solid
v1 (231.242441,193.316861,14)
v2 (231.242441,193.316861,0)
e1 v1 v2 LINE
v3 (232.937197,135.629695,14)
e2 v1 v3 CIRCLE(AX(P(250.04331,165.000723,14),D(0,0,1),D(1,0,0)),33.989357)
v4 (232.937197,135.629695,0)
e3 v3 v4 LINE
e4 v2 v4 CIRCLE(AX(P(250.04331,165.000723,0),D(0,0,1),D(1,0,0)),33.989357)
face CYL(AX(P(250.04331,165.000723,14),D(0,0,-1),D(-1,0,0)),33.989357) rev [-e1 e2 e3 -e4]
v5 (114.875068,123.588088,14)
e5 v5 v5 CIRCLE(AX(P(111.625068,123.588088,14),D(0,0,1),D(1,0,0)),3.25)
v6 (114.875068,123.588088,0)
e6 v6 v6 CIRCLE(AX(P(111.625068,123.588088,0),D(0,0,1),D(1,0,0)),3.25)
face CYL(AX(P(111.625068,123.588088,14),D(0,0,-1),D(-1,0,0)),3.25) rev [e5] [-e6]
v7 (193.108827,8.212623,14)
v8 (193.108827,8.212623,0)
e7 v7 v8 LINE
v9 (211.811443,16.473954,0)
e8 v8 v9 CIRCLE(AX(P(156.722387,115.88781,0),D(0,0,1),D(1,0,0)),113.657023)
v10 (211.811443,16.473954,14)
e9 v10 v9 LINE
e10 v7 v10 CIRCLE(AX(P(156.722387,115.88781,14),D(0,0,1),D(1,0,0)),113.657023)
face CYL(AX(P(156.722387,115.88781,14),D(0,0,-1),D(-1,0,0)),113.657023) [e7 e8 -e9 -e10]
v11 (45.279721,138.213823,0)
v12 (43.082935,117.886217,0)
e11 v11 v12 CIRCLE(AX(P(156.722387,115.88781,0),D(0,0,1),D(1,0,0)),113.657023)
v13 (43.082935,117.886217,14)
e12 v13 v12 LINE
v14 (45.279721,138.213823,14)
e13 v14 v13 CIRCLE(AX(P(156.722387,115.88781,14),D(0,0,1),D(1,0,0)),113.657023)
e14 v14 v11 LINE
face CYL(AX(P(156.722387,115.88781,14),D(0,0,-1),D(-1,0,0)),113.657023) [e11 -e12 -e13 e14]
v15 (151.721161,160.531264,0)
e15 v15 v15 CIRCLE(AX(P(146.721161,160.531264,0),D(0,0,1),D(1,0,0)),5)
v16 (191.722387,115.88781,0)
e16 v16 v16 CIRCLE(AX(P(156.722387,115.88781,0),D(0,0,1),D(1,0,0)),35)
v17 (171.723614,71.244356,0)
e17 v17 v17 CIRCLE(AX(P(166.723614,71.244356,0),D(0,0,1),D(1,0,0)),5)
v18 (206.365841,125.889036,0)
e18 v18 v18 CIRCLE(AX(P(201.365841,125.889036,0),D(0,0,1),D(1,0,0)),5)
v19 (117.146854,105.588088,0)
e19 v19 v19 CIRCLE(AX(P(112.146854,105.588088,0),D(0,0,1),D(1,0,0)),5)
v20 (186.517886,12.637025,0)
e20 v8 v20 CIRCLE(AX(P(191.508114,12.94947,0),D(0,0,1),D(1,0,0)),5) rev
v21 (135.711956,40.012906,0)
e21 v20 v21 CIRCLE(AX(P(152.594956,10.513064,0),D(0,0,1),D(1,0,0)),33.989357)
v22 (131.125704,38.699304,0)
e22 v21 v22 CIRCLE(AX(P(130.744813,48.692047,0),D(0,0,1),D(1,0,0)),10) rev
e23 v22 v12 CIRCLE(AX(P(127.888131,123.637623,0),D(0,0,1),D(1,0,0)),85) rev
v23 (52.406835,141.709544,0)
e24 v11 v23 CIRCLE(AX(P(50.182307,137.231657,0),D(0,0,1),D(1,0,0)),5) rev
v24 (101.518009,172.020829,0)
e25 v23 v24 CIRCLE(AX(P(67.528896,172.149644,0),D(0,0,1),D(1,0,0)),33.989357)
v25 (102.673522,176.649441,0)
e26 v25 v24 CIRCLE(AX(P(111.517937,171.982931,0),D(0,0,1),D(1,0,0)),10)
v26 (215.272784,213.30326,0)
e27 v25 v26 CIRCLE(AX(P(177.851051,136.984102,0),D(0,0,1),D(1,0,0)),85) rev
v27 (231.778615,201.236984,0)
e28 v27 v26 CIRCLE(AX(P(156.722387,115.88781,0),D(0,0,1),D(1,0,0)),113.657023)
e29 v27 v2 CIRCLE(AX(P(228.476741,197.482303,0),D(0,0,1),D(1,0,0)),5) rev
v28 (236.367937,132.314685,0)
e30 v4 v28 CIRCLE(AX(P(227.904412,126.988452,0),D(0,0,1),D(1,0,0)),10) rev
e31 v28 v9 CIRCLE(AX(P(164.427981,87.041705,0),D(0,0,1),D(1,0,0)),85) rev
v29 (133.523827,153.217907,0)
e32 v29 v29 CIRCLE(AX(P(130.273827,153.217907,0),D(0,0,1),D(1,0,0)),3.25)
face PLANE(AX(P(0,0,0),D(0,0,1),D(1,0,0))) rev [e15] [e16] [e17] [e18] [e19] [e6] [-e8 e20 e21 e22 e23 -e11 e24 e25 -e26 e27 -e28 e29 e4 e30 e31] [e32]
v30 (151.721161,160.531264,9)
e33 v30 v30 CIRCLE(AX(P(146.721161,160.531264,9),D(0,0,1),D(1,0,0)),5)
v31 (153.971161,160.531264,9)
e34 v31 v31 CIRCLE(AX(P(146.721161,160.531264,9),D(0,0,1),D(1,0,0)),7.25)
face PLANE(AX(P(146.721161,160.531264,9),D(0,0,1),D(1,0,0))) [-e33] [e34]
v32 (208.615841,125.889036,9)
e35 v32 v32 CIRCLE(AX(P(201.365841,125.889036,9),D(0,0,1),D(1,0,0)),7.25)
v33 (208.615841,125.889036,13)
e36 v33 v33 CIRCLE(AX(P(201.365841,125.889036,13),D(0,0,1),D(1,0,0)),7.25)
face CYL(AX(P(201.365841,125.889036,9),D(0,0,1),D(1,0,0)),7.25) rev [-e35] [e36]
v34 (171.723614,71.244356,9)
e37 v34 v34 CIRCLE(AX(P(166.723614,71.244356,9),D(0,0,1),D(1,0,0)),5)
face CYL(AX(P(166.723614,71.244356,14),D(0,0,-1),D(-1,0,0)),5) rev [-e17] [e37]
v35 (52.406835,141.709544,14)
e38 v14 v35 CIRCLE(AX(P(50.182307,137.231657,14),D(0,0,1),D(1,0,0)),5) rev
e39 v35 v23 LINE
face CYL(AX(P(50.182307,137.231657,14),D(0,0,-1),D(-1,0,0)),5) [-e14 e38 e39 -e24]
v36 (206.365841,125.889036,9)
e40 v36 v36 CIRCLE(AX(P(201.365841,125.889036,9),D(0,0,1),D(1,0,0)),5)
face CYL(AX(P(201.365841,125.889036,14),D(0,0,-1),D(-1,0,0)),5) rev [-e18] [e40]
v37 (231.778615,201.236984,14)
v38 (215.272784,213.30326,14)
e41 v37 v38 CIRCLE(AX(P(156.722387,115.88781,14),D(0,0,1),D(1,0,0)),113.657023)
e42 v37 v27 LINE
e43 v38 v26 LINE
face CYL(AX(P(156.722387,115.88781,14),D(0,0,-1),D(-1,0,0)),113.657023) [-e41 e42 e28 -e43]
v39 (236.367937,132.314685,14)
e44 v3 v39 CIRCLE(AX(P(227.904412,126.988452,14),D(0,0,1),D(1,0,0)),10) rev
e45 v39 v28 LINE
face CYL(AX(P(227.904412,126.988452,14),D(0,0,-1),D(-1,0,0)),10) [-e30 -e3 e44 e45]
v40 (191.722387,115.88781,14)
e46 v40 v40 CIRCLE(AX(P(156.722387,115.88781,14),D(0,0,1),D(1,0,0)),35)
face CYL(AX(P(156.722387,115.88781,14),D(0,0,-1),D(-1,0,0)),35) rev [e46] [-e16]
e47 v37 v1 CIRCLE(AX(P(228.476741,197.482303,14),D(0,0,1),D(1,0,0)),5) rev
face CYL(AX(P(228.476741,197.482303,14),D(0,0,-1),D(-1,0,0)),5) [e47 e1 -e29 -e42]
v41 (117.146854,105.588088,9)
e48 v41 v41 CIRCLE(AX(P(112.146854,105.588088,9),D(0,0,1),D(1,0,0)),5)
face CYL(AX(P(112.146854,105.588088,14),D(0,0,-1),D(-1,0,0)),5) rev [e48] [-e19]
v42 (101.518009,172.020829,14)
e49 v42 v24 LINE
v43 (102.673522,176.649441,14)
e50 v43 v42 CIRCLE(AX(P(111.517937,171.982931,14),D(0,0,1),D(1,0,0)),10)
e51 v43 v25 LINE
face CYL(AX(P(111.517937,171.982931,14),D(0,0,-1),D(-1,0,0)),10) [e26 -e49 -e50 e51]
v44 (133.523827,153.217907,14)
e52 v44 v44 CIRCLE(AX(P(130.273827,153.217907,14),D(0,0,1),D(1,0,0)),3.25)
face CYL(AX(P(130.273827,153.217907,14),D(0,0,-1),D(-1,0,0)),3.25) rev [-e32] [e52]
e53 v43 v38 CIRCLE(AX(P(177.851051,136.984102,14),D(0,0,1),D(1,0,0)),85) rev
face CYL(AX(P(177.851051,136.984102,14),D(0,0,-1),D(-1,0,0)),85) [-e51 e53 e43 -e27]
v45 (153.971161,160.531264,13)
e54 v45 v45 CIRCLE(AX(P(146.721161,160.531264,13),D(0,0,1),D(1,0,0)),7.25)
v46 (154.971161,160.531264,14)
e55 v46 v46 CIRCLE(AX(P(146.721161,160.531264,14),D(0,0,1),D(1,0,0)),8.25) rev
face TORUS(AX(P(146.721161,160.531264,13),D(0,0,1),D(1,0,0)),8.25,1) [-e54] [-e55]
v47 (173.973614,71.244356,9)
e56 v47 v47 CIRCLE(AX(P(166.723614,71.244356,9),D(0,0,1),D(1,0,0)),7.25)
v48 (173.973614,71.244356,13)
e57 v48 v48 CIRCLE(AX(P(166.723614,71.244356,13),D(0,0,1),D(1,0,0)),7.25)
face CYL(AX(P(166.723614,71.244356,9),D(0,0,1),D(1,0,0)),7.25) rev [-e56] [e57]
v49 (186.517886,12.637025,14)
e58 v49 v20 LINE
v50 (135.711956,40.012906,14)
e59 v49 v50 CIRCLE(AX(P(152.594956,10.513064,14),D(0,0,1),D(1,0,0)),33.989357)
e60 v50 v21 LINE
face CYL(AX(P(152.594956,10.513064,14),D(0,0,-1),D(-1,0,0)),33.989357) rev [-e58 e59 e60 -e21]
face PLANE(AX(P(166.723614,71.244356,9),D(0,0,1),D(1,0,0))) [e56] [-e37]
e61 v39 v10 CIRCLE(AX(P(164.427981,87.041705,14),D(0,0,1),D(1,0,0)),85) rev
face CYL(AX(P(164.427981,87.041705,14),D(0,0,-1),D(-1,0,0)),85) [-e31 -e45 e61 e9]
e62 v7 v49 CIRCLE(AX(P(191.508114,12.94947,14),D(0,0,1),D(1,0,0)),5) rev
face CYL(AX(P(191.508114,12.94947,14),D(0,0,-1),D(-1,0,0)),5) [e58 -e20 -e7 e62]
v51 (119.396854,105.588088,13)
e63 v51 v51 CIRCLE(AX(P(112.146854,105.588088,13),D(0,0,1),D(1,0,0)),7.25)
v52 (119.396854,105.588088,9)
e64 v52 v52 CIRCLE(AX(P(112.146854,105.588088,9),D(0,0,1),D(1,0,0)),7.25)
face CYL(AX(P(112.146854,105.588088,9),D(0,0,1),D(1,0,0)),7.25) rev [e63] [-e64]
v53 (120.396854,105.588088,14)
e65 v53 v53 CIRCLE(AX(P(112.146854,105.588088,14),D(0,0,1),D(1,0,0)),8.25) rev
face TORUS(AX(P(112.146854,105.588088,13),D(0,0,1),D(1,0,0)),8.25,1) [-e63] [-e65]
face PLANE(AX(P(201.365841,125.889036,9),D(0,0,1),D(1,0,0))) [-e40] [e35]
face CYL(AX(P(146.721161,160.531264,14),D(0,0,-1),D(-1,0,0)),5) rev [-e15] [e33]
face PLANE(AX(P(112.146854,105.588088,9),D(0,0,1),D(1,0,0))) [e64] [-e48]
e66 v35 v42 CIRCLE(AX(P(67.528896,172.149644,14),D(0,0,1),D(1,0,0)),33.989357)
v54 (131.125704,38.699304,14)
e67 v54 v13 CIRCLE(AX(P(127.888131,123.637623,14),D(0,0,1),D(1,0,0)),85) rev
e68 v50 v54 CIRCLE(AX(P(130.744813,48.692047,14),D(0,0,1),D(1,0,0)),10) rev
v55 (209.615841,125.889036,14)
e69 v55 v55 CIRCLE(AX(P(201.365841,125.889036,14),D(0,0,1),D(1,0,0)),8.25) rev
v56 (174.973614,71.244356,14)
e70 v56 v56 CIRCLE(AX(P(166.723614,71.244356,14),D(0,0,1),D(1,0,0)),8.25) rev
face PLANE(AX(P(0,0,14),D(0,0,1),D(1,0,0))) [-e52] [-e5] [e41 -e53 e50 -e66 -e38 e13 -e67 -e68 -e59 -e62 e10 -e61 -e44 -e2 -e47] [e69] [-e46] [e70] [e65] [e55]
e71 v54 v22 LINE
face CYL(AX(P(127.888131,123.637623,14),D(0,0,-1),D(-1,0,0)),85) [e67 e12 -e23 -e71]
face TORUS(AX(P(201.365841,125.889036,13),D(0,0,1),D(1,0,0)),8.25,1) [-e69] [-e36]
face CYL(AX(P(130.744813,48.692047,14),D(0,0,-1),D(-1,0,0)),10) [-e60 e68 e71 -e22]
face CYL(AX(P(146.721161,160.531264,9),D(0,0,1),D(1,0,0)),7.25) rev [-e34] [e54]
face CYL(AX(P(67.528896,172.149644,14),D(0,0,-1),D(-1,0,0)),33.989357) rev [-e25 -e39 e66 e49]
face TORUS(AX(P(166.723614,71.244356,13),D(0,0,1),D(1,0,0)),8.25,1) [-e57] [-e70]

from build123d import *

# Parameters (mm, degrees)
SKETCH4_R             = 3.25
SKETCH4_R_2           = 5
SKETCH4_R_3           = 35
BOSS_EXTRUDE2_DEPTH   = 14
ESBO_O3_R             = 7.25
CORTE_EXTRUS_O1_DEPTH = 5
FILETE2_R             = 1


with BuildPart() as part:
    # Sketch4 → Boss-Extrude2 (new body)
    with BuildSketch(Plane.XY):
        with BuildLine():
            ThreePointArc((135.711956254, 40.012906067), (133.498311811, 39.078606258), (131.125704093, 38.699303642))
            ThreePointArc((131.125704093, 38.699303642), (71.046587381, 60.439214017), (43.082934706, 117.886216524))
            ThreePointArc((43.082934706, 117.886216524), (43.723303204, 128.09951793), (45.279720546, 138.213822774))
            ThreePointArc((45.279720546, 138.213822774), (47.980485983, 141.720753121), (52.406835354, 141.709543754))
            ThreePointArc((52.406835354, 141.709543754), (85.380644245, 143.225752695), (101.518008582, 172.020829263))
            ThreePointArc((101.518008582, 172.020829263), (101.815703435, 174.405051491), (102.673521593, 176.649441355))
            ThreePointArc((102.673521593, 176.649441355), (151.540394609, 217.809527477), (215.272784489, 213.303259824))
            ThreePointArc((215.272784489, 213.303259824), (223.797578714, 207.642033733), (231.77861498, 201.236984354))
            ThreePointArc((231.77861498, 201.236984354), (233.465323031, 197.144587703), (231.242440749, 193.316861385))
            ThreePointArc((231.242440749, 193.316861385), (216.068611764, 164.002600755), (232.937197408, 135.629695005))
            ThreePointArc((232.937197408, 135.629695005), (234.853146998, 134.179772586), (236.367936558, 132.314685337))
            ThreePointArc((236.367936558, 132.314685337), (247.580180254, 69.414688841), (211.811443049, 16.473953987))
            ThreePointArc((211.811443049, 16.473953987), (202.646280326, 11.921878672), (193.108826719, 8.212623207))
            ThreePointArc((193.108826719, 8.212623207), (188.72135323, 8.798089511), (186.517886141, 12.637025196))
            ThreePointArc((186.517886141, 12.637025196), (168.717906235, 40.435076885), (135.711956254, 40.012906067))
        make_face()
        with Locations((111.625067893, 123.588087508)):
            Circle(SKETCH4_R, mode=Mode.SUBTRACT)
        with Locations((146.721161104, 160.531263969)):
            Circle(SKETCH4_R_2, mode=Mode.SUBTRACT)
        with Locations((112.146853607, 105.588087508)):
            Circle(SKETCH4_R_2, mode=Mode.SUBTRACT)
        with Locations((166.723613726, 71.244356255)):
            Circle(SKETCH4_R_2, mode=Mode.SUBTRACT)
        with Locations((130.273826669, 153.217907011)):
            Circle(SKETCH4_R, mode=Mode.SUBTRACT)
        with Locations((201.365841272, 125.889036422)):
            Circle(SKETCH4_R_2, mode=Mode.SUBTRACT)
        with Locations((156.722387415, 115.887810112)):
            Circle(SKETCH4_R_3, mode=Mode.SUBTRACT)
    extrude(amount=BOSS_EXTRUDE2_DEPTH)

    # Esboço3 → Corte-extrusão1 (cut)
    with BuildSketch(Plane.XY.offset(14)):
        with Locations((201.365841272, 125.889036422)):
            Circle(ESBO_O3_R)
        with Locations((146.721161104, 160.531263969)):
            Circle(ESBO_O3_R)
        with Locations((112.146853607, 105.588087508)):
            Circle(ESBO_O3_R)
        with Locations((166.723613726, 71.244356255)):
            Circle(ESBO_O3_R)
    extrude(amount=-CORTE_EXTRUS_O1_DEPTH, mode=Mode.SUBTRACT)

    # Filete2
    filete2_edges = [part.edges().sort_by_distance(p)[0] for p in [
        (194.115841272, 125.889036422, 14),
        (139.471161104, 160.531263969, 14),
        (104.896853607, 105.588087508, 14),
        (159.473613726, 71.244356255, 14),
    ]]
    fillet(filete2_edges, radius=FILETE2_R)


solid = part.part
